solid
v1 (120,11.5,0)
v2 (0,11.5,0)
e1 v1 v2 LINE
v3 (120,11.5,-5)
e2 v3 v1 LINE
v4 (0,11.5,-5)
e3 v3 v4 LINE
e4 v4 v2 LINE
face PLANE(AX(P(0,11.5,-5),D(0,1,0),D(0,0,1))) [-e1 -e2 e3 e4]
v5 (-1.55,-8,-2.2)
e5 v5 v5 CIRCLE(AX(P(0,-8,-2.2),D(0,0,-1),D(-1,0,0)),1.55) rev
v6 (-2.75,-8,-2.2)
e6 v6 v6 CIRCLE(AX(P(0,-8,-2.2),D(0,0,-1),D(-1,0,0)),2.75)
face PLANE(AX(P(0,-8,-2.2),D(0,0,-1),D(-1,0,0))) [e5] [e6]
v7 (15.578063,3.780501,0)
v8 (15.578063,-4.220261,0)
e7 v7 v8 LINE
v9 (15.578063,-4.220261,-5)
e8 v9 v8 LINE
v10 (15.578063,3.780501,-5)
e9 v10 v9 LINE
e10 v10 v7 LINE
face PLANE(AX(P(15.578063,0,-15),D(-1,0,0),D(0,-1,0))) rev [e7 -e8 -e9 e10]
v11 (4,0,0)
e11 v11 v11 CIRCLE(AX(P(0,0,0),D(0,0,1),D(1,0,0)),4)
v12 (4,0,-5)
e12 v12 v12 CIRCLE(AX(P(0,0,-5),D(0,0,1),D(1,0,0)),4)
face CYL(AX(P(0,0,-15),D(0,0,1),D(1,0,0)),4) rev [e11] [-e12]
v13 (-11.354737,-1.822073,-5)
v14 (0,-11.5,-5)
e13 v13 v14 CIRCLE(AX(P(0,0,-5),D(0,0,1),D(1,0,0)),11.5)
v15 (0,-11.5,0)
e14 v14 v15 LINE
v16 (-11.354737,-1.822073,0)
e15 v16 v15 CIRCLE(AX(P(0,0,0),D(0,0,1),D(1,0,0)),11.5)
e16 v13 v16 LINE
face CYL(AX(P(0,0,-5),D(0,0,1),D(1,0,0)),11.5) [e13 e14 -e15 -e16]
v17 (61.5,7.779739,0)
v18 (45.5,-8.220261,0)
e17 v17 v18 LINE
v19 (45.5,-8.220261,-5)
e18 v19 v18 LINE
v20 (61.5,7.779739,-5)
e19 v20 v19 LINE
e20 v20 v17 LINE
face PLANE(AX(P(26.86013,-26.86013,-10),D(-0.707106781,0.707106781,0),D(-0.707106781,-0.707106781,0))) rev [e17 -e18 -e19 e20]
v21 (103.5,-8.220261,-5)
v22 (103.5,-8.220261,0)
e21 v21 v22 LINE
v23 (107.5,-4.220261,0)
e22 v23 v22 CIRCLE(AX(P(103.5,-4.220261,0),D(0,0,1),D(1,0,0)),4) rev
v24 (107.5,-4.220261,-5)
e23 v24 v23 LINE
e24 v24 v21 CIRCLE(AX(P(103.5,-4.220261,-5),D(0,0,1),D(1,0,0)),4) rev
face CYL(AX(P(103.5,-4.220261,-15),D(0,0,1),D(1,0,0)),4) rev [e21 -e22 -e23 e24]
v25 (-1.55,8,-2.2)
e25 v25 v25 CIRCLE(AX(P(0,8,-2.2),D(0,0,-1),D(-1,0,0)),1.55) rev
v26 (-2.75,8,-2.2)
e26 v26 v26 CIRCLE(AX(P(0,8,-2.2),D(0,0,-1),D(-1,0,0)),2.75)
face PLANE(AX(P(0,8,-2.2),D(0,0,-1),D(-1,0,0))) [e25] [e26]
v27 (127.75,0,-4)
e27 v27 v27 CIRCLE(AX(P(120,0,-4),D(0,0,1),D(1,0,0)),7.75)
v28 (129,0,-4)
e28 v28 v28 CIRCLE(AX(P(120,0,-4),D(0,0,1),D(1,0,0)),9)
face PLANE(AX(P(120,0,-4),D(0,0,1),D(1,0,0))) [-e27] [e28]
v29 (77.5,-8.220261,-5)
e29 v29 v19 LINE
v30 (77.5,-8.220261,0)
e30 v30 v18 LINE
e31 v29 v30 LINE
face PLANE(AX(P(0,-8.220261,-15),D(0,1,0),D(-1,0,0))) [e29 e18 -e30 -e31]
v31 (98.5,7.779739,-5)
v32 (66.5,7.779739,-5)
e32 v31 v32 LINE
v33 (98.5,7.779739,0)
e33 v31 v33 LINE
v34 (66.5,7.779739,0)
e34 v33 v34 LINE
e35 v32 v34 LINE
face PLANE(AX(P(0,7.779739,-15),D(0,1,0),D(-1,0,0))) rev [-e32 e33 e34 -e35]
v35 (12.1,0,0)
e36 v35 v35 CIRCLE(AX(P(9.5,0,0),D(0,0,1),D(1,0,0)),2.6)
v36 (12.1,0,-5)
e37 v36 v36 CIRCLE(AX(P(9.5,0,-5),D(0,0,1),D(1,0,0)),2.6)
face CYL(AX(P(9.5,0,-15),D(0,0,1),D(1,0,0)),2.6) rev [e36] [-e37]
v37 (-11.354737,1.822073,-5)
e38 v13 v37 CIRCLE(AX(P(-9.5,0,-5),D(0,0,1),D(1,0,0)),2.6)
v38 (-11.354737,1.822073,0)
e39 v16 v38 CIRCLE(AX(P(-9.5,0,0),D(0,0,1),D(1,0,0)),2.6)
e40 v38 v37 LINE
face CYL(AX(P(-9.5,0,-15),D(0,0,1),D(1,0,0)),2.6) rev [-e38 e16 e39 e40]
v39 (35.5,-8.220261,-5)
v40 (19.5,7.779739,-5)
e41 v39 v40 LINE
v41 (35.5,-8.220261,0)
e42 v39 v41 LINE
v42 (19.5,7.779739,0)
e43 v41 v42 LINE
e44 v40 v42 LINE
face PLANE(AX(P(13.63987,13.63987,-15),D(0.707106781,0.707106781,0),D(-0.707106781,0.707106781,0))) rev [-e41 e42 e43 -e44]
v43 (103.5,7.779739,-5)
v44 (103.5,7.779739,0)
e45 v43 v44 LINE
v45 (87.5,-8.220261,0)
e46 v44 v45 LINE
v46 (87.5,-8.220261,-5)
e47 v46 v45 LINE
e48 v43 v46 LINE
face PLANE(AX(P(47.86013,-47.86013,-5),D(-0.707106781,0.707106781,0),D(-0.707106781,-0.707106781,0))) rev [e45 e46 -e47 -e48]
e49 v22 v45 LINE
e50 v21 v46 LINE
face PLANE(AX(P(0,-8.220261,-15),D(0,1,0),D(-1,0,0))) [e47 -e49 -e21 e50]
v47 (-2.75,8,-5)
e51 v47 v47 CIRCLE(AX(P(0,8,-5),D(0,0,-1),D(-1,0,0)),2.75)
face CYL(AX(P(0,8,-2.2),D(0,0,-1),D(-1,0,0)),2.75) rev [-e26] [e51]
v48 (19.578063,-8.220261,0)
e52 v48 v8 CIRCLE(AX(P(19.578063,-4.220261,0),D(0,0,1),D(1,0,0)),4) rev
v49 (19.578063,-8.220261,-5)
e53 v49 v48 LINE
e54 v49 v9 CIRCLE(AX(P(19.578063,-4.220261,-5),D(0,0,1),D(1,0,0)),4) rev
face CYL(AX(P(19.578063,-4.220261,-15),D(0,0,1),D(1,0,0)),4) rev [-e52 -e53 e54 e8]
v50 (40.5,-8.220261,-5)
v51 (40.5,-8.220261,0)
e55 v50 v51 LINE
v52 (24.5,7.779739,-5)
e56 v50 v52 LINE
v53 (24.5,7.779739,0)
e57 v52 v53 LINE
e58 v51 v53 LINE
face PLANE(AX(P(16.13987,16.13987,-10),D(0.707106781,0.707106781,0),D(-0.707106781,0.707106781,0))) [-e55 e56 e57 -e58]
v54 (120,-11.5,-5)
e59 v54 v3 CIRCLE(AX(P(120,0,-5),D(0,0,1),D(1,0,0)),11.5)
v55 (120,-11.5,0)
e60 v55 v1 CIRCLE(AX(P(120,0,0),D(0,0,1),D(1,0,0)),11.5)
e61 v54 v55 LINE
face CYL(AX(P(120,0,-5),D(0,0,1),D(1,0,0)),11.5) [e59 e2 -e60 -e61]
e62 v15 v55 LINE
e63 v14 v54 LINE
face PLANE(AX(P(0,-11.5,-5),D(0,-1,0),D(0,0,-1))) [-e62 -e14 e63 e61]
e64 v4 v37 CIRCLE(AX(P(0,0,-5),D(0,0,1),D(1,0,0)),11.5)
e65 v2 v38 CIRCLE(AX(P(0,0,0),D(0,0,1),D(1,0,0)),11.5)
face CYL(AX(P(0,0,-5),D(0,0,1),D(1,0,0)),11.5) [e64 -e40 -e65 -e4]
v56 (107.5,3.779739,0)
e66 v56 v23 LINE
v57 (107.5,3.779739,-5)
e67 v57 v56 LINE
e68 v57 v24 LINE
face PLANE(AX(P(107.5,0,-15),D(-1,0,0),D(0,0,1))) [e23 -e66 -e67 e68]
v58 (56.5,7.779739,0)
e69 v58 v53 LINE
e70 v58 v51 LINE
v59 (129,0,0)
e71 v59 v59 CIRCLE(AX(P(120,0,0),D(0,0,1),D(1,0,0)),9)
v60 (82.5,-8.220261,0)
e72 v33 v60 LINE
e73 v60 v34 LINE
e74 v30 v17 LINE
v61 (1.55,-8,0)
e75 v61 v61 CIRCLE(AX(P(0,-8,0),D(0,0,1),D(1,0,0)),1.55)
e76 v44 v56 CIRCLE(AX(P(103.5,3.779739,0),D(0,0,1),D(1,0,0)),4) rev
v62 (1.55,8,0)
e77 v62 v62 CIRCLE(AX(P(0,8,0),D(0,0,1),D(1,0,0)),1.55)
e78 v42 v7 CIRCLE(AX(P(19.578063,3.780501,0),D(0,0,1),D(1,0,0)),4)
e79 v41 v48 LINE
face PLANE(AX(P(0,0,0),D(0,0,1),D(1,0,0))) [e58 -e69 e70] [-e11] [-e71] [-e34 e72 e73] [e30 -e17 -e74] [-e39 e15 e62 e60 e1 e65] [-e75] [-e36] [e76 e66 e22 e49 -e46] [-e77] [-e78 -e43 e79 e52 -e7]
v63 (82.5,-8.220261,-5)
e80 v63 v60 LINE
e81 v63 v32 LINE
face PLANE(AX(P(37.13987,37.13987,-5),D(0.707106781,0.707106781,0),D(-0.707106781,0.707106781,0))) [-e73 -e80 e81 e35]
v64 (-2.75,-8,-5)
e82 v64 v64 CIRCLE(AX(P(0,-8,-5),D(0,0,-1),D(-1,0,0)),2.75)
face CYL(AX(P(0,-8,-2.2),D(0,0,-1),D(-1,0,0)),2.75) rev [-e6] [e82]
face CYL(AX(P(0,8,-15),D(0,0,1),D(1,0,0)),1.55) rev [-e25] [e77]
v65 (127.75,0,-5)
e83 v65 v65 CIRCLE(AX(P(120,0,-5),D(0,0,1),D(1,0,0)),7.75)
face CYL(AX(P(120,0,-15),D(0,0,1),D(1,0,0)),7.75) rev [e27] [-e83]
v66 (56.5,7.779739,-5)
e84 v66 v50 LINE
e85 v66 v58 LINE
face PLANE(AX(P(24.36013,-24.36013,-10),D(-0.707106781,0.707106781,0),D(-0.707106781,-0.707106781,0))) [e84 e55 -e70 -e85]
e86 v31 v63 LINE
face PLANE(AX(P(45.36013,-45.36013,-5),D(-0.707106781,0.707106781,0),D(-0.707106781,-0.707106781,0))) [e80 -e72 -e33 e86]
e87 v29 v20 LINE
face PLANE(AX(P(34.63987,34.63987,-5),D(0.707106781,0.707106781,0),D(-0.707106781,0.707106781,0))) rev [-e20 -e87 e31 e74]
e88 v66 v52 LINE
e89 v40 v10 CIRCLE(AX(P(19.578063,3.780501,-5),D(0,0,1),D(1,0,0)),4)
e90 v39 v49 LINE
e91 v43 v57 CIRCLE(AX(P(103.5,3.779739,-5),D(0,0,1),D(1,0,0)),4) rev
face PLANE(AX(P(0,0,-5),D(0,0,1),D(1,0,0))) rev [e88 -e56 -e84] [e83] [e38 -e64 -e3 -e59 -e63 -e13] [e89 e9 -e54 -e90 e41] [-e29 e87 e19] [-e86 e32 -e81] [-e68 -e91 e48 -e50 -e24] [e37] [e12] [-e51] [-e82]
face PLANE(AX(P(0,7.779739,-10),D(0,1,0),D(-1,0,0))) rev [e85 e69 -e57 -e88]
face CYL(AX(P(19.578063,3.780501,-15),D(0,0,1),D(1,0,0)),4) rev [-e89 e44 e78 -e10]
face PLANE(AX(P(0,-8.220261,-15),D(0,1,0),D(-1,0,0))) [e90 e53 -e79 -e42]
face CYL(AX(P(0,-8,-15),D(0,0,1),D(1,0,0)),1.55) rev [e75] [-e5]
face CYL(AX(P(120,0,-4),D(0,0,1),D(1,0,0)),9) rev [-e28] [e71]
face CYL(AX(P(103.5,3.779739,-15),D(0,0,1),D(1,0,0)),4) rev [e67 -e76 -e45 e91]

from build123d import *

# Parameters (mm, degrees)
BOSS_EXTRUDE1_DEPTH = 5
SKETCH2_R           = 9
CUT_EXTRUDE1_DEPTH  = 4
SKETCH3_R           = 7.75
CUT_EXTRUDE2_DEPTH  = 15
SKETCH4_R           = 4
CUT_EXTRUDE3_DEPTH  = 15
SKETCH5_R           = 1.55
CUT_EXTRUDE4_DEPTH  = 15
SKETCH6_R           = 2.6
CUT_EXTRUDE5_DEPTH  = 15
CUT_EXTRUDE7_DEPTH  = 15
CUT_EXTRUDE8_DEPTH  = 10
SKETCH9_R           = 2.75
CUT_EXTRUDE10_DEPTH = 2.8
BOSS_EXTRUDE2_DEPTH = 5


with BuildPart() as part:
    # Sketch1 → Boss-Extrude1 (new body)
    with BuildSketch(Plane.XY):
        with BuildLine():
            Line((0, 11.5), (120, 11.5))
            ThreePointArc((120, 11.5), (131.5, 0), (120, -11.5))
            Line((120, -11.5), (0, -11.5))
            ThreePointArc((0, -11.5), (-11.5, 0), (0, 11.5))
        make_face()
    extrude(amount=-BOSS_EXTRUDE1_DEPTH)

    # Sketch2 → Cut-Extrude1 (cut)
    with BuildSketch(Plane.XY):
        with Locations((120, 0)):
            Circle(SKETCH2_R)
    extrude(amount=-CUT_EXTRUDE1_DEPTH, mode=Mode.SUBTRACT)

    # Sketch3 → Cut-Extrude2 (cut)
    with BuildSketch(Plane.XY):
        with Locations((120, 0)):
            Circle(SKETCH3_R)
    extrude(amount=-CUT_EXTRUDE2_DEPTH, mode=Mode.SUBTRACT)

    # Sketch4 → Cut-Extrude3 (cut)
    with BuildSketch(Plane.XY):
        Circle(SKETCH4_R)
    extrude(amount=-CUT_EXTRUDE3_DEPTH, mode=Mode.SUBTRACT)

    # Sketch5 → Cut-Extrude4 (cut)
    with BuildSketch(Plane.XY):
        with Locations((0, 8)):
            Circle(SKETCH5_R)
        with Locations((0, -8)):
            Circle(SKETCH5_R)
    extrude(amount=-CUT_EXTRUDE4_DEPTH, mode=Mode.SUBTRACT)

    # Sketch6 → Cut-Extrude5 (cut)
    with BuildSketch(Plane.XY):
        with Locations((-9.5, 0)):
            Circle(SKETCH6_R)
        with Locations((9.5, 0)):
            Circle(SKETCH6_R)
    extrude(amount=-CUT_EXTRUDE5_DEPTH, mode=Mode.SUBTRACT)

    # Sketch8 → Cut-Extrude7 (cut)
    with BuildSketch(Plane.XY):
        with BuildLine():
            ThreePointArc((103.5, -8.220260856), (106.328427125, -7.048687981), (107.5, -4.220260856))
            Line((107.5, -4.220260856), (107.5, 3.779739144))
            ThreePointArc((107.5, 3.779739144), (106.328427125, 6.608166269), (103.5, 7.779739144))
            Line((103.5, 7.779739144), (61.5, 7.779739144))
            Line((61.5, 7.779739144), (77.5, -8.220260856))
            Line((77.5, -8.220260856), (103.5, -8.220260856))
        make_face()
        with BuildLine():
            Line((35.5, -8.220260856), (19.5, 7.779739144))
            ThreePointArc((19.5, 7.779739144), (16.722169997, 6.581192541), (15.578063312, 3.780500952))
            Line((15.578063312, 3.780500952), (15.578063312, -4.220260856))
            ThreePointArc((15.578063312, -4.220260856), (16.749636187, -7.048687981), (19.578063312, -8.220260856))
            Line((19.578063312, -8.220260856), (35.5, -8.220260856))
        make_face()
    extrude(amount=-CUT_EXTRUDE7_DEPTH, mode=Mode.SUBTRACT)

    # Sketch8<3> → Cut-Extrude8 (cut)
    with BuildSketch(Plane.XY):
        Polygon((40.5, -8.220260856), (56.5, 7.779739144), (24.5, 7.779739144), align=None)
        Polygon((77.5, -8.220260856), (61.5, 7.779739144), (45.5, -8.220260856), align=None)
    extrude(amount=-CUT_EXTRUDE8_DEPTH, mode=Mode.SUBTRACT)

    # Sketch9 → Cut-Extrude10 (cut)
    with BuildSketch(Plane(origin=(0, 0, -5), x_dir=(-1, 0, 0), z_dir=(0, 0, -1))):
        with Locations((0, 8)):
            Circle(SKETCH9_R)
        with Locations((0, -8)):
            Circle(SKETCH9_R)
    extrude(amount=-CUT_EXTRUDE10_DEPTH, mode=Mode.SUBTRACT)

    # Sketch8<4> → Boss-Extrude2 (add)
    with BuildSketch(Plane.XY):
        Polygon((82.5, -8.220260856), (66.5, 7.779739144), (61.5, 7.779739144), (77.5, -8.220260856), align=None)
        Polygon((87.5, -8.220260856), (103.5, 7.779739144), (98.5, 7.779739144), (82.5, -8.220260856), align=None)
    extrude(amount=-BOSS_EXTRUDE2_DEPTH)


solid = part.part
